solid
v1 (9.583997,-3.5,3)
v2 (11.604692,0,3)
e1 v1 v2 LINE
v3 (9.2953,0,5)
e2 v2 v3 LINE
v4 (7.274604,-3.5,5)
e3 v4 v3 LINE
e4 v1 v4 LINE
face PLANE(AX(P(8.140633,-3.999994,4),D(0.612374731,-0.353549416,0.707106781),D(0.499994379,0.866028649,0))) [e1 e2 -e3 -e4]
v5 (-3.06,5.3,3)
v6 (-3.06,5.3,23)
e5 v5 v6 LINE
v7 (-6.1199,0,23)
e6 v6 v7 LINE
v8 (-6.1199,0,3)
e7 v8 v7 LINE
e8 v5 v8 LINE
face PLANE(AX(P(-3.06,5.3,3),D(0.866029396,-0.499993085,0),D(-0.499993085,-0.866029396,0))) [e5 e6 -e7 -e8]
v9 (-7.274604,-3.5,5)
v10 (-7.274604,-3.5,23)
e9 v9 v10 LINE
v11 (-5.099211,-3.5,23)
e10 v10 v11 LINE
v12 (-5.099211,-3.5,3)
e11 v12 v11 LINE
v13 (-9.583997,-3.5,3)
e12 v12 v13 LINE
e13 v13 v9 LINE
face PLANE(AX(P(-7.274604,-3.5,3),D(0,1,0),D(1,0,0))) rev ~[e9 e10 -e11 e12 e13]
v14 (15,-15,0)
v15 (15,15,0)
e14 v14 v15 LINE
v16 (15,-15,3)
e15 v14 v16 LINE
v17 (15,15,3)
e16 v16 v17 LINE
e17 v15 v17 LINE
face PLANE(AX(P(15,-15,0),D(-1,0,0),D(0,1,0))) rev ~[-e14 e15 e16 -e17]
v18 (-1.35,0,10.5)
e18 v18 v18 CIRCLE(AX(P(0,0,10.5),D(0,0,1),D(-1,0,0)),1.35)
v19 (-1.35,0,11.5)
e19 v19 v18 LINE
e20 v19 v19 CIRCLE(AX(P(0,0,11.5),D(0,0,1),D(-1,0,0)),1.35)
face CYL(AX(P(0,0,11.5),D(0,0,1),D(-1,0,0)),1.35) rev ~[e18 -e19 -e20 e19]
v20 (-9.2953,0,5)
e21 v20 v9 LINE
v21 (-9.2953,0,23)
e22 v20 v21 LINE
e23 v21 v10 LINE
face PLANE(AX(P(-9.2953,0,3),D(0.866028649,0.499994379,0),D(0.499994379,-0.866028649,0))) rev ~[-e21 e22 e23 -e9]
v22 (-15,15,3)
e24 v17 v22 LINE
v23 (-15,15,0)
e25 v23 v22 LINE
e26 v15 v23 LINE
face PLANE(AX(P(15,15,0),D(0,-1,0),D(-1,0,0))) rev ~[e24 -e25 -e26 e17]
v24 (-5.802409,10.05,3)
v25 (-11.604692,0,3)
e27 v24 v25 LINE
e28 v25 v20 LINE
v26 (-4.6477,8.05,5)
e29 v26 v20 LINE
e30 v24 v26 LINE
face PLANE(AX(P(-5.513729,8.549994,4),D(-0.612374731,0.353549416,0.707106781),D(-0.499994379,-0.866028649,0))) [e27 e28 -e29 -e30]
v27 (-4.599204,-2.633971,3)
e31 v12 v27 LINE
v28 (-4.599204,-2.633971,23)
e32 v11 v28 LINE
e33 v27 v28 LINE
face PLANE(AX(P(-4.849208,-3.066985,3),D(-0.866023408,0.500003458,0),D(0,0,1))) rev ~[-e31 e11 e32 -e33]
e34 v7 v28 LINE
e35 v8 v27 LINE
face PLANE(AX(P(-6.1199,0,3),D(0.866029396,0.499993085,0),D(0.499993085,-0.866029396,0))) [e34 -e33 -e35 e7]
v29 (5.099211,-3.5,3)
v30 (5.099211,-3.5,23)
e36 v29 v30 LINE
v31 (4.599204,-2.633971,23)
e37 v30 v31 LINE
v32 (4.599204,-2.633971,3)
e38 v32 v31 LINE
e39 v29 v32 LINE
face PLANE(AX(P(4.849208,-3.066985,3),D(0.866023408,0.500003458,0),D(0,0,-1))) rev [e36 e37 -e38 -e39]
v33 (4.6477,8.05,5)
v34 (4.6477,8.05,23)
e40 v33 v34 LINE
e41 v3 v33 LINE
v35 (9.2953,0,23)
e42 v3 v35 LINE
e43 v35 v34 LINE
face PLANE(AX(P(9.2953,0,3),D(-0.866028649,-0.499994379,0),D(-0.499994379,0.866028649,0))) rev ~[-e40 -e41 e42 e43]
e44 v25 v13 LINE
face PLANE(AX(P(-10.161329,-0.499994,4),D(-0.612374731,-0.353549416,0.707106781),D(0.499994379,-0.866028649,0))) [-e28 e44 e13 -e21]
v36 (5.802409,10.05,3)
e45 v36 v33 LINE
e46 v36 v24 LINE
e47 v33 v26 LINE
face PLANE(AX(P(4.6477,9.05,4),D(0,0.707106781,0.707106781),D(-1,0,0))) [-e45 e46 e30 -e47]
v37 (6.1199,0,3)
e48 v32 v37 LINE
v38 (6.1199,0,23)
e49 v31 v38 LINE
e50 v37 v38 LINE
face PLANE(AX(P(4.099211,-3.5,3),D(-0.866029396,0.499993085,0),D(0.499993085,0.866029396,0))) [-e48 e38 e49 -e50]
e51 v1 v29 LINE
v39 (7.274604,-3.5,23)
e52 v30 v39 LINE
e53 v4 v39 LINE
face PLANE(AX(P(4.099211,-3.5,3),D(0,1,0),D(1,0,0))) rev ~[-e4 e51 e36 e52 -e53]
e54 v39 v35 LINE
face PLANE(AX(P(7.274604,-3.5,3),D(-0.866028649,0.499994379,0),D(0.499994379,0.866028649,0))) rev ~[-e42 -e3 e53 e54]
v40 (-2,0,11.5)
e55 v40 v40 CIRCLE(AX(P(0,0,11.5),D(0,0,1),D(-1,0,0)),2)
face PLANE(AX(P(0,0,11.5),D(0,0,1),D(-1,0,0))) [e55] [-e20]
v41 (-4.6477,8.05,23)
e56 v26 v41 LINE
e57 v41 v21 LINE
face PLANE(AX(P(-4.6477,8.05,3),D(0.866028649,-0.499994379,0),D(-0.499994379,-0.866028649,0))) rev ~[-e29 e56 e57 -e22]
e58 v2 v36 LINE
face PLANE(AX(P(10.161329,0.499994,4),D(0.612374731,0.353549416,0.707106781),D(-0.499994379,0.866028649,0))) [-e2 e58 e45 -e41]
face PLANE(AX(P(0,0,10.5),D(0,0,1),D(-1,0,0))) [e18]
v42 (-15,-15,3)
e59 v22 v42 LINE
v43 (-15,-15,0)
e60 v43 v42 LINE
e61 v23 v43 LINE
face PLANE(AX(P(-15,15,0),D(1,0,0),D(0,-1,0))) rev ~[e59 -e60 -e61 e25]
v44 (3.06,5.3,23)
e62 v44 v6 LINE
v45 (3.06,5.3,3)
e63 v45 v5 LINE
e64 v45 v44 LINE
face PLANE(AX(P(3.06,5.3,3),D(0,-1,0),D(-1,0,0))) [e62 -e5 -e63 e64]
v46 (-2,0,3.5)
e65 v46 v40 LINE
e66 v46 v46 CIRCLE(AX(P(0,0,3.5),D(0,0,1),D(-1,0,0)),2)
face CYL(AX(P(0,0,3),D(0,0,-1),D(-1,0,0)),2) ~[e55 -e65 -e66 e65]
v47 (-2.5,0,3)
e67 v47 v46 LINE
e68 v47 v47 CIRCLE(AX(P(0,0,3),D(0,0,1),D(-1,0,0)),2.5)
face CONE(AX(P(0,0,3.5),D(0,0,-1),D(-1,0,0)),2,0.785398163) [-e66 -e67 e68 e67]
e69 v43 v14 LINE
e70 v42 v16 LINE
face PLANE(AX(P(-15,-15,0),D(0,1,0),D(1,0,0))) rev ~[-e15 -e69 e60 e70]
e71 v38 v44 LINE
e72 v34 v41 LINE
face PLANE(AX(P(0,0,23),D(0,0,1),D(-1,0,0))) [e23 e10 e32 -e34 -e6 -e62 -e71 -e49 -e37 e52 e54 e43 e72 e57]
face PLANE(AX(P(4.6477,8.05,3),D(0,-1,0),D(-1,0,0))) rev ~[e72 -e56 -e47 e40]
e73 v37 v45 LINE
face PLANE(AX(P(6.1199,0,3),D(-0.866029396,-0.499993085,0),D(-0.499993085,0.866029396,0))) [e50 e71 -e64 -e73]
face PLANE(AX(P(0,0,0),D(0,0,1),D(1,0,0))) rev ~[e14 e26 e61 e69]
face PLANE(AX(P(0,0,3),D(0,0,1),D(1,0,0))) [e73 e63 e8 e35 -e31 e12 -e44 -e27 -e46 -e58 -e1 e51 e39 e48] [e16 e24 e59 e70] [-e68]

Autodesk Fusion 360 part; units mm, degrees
sketch "Sketch1" plane through (0, 0, 0) normal (0, 0, 1) x (1, 0, 0)
  line L0 (15, 15) -> (-15, 15)
  line L1 (-15, 15) -> (-15, -15)
  line L2 (-15, -15) -> (15, -15)
  line L3 (15, -15) -> (15, 15)
  line L4 (15, 15) -> (-15, -15) construction
  line L5 (-15, 15) -> (15, -15) construction
  dimension "d1" = 30
  dimension "d2" = 30
extrude "Extrude1" add sketch "Sketch1" along normal blind 3
sketch "Sketch2" plane through (0, 0, 3) normal (0, 0, 1) x (-1, 0, 0)
  line L0 (-15, 15) -> (-15, -15)
  line L1 (-15, -15) -> (15, -15)
  line L2 (15, -15) -> (15, 15)
  line L3 (15, 15) -> (-15, 15)
  circle A0 centre (0, 0) radius 2
  dimension "d5" = 4
extrude "Extrude2" add sketch "Sketch2" along normal blind 8.5 contours A0
sketch "Sketch3" plane through (0, 0, 11.5) normal (0, 0, 1) x (-1, 0, 0)
  circle A0 centre (0, 0) radius 2
  circle A1 centre (0, 0) radius 1.35
  dimension "d8" = 2.7
extrude "Extrude3" cut sketch "Sketch3" against normal blind 1 contours A1
sketch "Sketch4" plane through (0, 0, 3) normal (0, 0, 1) x (-1, 0, 0)
  circle A0 centre (0, 0) radius 2
  line L0 (-15, 15) -> (-15, -15)
  line L1 (-15, -15) -> (15, -15)
  line L2 (15, -15) -> (15, 15)
  line L3 (15, 15) -> (-15, 15)
  line L4 (3.06, -5.3) -> (6.1199, 0)
  line L5 (6.1199, 0) -> (3.06, 5.3)
  line L6 (3.06, 5.3) -> (-3.06, 5.3)
  line L7 (-3.06, 5.3) -> (-6.1199, 0)
  line L8 (-6.1199, 0) -> (-3.06, -5.3)
  line L9 (-3.06, -5.3) -> (3.06, -5.3)
  line L10 (9.2953, 0) -> (4.6477, 8.05)
  line L11 (4.6477, 8.05) -> (-4.6477, 8.05)
  line L12 (-4.6477, 8.05) -> (-9.2953, 0)
  line L13 (-9.2953, 0) -> (-4.6477, -8.05)
  line L14 (-4.6477, -8.05) -> (4.6477, -8.05)
  line L15 (4.6477, -8.05) -> (9.2953, 0)
  line L16 (15, 3.5) -> (-15, 3.5)
  dimension "d11" = 10.5
  dimension "d12" = 2.75
  dimension "d13" = 3.5
extrude "Extrude4" add sketch "Sketch4" along normal blind 20 contours L4 L5 L7 L8 L9 L10 L12 L13 L14 L15 L16
chamfer "Chamfer1" distance 1 angle 45 2 edges at (4.0992, -3.5, 13) (-4.0992, -3.5, 13)
chamfer "Chamfer2" distance 2 angle 45 3 edges at (6.9715, 4.025, 3) (0, 8.05, 3) (-6.9715, 4.025, 3)
chamfer "Chamfer2" distance 2 angle 45 2 edges at (8.285, -1.75, 3) (-8.285, -1.75, 3)
chamfer "Chamfer2" distance 0.5 angle 45 1 edges at (1.8647, -0.7232, 3)
